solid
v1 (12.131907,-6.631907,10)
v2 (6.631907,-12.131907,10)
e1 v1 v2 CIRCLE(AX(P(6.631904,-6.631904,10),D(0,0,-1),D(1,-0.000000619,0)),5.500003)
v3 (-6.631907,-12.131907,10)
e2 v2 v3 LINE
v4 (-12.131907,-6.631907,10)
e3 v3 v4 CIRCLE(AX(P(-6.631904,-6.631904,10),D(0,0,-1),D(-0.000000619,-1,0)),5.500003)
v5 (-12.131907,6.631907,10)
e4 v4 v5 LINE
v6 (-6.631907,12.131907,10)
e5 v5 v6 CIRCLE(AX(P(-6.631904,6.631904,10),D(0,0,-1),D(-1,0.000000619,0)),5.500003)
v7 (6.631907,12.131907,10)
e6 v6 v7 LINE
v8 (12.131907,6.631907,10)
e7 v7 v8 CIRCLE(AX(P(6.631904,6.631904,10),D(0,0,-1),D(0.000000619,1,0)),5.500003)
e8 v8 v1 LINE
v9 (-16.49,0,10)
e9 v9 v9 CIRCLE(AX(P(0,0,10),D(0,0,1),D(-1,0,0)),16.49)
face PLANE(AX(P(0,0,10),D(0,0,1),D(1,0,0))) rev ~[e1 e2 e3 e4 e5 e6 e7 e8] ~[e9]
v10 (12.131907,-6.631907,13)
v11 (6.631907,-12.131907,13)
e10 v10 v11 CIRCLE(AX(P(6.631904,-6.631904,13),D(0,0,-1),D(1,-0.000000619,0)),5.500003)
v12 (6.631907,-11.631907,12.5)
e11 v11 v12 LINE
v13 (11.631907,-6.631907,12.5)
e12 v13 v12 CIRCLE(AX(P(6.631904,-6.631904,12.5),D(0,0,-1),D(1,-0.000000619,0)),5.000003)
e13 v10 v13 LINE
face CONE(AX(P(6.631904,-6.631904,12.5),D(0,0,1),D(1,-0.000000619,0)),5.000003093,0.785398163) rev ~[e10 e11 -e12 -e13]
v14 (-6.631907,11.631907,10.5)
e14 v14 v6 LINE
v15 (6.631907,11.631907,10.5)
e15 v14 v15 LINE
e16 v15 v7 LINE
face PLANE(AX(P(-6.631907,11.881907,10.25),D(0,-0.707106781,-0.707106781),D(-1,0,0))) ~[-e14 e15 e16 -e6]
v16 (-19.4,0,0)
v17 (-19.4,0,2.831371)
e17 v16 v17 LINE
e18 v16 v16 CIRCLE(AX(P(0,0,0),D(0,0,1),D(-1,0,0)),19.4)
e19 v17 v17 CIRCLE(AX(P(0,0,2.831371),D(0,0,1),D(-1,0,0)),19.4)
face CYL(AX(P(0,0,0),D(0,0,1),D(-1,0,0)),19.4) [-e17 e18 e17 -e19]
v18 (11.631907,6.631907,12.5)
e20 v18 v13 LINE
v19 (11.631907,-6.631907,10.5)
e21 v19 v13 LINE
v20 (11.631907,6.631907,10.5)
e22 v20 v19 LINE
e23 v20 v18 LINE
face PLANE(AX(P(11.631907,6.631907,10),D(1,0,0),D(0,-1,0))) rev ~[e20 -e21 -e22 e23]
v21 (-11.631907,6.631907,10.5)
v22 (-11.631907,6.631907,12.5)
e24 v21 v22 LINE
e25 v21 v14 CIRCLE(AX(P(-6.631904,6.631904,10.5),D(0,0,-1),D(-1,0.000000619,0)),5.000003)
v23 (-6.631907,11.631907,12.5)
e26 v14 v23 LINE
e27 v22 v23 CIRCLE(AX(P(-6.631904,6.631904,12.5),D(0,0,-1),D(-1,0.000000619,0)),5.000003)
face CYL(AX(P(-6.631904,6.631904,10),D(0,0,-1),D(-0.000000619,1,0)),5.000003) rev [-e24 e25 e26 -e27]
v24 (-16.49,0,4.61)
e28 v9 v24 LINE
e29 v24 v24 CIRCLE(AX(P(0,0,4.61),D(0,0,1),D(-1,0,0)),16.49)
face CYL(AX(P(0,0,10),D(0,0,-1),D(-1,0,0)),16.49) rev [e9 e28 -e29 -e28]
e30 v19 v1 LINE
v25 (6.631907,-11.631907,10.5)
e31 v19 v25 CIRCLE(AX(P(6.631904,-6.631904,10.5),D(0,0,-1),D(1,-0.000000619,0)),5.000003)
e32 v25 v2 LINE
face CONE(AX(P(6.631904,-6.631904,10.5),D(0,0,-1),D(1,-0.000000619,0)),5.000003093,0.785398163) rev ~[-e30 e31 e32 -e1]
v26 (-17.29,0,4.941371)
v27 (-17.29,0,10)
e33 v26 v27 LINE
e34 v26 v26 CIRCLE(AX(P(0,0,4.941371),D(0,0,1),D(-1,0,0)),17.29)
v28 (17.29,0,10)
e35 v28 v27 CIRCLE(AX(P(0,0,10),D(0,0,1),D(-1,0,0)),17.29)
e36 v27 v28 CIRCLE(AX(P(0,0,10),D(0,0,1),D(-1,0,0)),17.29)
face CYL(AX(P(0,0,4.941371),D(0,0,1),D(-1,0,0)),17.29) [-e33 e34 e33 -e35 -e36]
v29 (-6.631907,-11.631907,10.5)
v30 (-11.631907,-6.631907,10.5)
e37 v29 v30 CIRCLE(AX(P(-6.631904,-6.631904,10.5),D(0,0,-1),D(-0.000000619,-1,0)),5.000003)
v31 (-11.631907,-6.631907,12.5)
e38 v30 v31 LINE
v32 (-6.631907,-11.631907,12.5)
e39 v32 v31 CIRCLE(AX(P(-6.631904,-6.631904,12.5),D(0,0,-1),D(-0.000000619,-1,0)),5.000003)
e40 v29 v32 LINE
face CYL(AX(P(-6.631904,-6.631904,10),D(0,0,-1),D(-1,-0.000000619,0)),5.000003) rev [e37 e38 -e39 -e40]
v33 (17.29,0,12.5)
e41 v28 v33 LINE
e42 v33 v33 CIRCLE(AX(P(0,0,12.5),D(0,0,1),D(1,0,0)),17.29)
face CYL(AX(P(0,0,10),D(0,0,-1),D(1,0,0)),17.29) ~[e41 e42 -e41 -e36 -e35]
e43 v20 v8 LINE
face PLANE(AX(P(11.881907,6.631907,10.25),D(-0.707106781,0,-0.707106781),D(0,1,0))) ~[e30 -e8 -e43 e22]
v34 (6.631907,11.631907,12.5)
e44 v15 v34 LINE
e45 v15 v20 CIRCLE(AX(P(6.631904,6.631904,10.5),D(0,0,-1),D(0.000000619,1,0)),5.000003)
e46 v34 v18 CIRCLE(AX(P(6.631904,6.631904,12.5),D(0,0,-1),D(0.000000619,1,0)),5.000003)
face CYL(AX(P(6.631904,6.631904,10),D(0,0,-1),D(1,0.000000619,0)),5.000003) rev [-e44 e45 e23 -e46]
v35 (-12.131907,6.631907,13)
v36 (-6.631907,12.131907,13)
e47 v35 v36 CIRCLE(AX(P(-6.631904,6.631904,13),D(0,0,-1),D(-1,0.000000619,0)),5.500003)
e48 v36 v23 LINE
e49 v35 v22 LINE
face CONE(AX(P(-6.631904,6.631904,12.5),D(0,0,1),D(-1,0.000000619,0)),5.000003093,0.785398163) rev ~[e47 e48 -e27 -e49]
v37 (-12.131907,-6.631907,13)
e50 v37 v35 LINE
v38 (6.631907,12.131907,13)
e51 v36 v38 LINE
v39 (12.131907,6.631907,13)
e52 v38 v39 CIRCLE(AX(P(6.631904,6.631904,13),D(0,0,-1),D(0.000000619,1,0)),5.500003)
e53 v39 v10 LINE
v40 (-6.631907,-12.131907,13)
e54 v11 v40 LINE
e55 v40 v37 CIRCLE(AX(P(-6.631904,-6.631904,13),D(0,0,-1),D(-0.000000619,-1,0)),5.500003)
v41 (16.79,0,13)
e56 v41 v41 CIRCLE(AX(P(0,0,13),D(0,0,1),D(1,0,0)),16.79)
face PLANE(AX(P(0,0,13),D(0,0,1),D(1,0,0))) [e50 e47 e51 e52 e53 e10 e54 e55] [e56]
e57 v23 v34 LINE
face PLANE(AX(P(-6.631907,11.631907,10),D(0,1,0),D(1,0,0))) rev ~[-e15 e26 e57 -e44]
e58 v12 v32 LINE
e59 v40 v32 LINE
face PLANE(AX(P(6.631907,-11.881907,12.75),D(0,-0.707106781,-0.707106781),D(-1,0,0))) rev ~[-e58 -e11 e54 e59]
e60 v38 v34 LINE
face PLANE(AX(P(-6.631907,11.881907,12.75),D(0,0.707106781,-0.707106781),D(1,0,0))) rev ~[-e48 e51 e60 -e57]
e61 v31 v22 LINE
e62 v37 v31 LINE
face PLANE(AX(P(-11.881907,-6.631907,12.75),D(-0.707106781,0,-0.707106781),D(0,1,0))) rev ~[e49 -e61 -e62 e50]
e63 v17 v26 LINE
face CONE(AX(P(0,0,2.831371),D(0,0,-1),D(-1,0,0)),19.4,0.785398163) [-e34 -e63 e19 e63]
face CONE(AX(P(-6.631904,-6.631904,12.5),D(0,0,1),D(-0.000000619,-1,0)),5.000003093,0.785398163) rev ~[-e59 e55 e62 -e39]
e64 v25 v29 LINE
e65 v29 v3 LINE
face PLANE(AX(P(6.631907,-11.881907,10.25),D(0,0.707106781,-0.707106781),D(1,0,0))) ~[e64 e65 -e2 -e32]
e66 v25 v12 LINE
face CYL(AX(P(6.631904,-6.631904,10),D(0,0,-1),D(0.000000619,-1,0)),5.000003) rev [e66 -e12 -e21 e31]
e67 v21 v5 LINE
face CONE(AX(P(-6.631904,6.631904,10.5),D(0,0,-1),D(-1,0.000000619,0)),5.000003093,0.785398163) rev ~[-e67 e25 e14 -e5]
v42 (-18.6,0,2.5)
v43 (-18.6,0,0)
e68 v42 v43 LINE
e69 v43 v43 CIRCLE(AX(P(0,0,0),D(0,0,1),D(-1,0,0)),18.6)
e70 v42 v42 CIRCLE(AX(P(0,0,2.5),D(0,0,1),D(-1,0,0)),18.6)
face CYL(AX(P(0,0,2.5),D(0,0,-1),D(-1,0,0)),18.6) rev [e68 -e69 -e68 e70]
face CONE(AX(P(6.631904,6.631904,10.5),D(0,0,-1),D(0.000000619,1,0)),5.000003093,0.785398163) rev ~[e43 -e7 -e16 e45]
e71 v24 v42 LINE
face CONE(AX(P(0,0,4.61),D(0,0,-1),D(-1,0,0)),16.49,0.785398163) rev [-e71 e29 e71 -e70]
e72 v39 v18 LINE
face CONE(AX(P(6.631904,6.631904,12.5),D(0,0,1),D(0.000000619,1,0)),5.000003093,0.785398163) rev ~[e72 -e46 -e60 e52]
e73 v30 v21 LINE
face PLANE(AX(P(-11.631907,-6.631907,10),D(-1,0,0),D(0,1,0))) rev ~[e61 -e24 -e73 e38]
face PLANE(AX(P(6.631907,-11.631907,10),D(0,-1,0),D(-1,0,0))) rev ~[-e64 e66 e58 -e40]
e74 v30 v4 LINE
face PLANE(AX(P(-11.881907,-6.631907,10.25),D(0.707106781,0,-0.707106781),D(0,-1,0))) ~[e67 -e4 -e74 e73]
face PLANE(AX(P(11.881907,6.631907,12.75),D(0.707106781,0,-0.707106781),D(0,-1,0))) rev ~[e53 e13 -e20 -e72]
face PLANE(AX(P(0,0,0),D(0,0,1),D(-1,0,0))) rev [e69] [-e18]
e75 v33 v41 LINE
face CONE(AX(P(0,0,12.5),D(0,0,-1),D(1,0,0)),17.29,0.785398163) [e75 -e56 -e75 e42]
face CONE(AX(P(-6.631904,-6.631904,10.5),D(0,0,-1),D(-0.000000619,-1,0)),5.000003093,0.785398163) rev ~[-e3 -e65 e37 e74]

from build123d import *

# Parameters (mm, degrees)
SKETCH001_R  = 17.29
PAD_DEPTH    = 3
CHAMFER_SIZE = 0.5


with BuildPart() as part:
    # Sketch → Revolution (revolve)
    with BuildSketch(Plane.XZ):
        Polygon((-19.4, 0), (-19.4, 2.831371), (-17.29, 4.941371), (-17.29, 10), (-16.49, 10), (-16.49, 4.61), (-18.6, 2.5), (-18.6, 0), align=None)
    revolve(axis=Axis((0, 0, 0), (0, 0, 1)))

    # Sketch001 (on DatumPlane) → Pad (new body)
    with BuildSketch(Plane.XY.offset(10)):
        Circle(SKETCH001_R)
        with BuildLine():
            ThreePointArc((-6.631907, 11.631907), (-10.16744, 10.16744), (-11.631907, 6.631907))
            Line((-11.631907, -6.631907), (-11.631907, 6.631907))
            ThreePointArc((-11.631907, -6.631907), (-10.16744, -10.16744), (-6.631907, -11.631907))
            Line((6.631907, -11.631907), (-6.631907, -11.631907))
            ThreePointArc((6.631907, -11.631907), (10.16744, -10.16744), (11.631907, -6.631907))
            Line((11.631907, 6.631907), (11.631907, -6.631907))
            ThreePointArc((11.631907, 6.631907), (10.16744, 10.16744), (6.631907, 11.631907))
            Line((-6.631907, 11.631907), (6.631907, 11.631907))
        make_face(mode=Mode.SUBTRACT)
    extrude(amount=PAD_DEPTH)

    # Chamfer
    chamfer_edges = [part.edges().sort_by_distance(p)[0] for p in [
        (0, -11.631907, 10),
        (10.16744, -10.16744, 10),
        (-10.16744, -10.16744, 10),
        (-11.631907, 0, 10),
        (11.631907, 0, 10),
        (10.16744, 10.16744, 10),
        (0, 11.631907, 10),
        (-10.16744, 10.16744, 10),
        (0, -11.631907, 13),
        (10.16744, -10.16744, 13),
        (11.631907, 0, 13),
        (10.16744, 10.16744, 13),
        (0, 11.631907, 13),
        (-10.16744, 10.16744, 13),
        (-11.631907, 0, 13),
        (-10.16744, -10.16744, 13),
        (0, 17.29, 13),
        (0, -17.29, 13),
    ]]
    chamfer(chamfer_edges, length=CHAMFER_SIZE)


solid = part.part
